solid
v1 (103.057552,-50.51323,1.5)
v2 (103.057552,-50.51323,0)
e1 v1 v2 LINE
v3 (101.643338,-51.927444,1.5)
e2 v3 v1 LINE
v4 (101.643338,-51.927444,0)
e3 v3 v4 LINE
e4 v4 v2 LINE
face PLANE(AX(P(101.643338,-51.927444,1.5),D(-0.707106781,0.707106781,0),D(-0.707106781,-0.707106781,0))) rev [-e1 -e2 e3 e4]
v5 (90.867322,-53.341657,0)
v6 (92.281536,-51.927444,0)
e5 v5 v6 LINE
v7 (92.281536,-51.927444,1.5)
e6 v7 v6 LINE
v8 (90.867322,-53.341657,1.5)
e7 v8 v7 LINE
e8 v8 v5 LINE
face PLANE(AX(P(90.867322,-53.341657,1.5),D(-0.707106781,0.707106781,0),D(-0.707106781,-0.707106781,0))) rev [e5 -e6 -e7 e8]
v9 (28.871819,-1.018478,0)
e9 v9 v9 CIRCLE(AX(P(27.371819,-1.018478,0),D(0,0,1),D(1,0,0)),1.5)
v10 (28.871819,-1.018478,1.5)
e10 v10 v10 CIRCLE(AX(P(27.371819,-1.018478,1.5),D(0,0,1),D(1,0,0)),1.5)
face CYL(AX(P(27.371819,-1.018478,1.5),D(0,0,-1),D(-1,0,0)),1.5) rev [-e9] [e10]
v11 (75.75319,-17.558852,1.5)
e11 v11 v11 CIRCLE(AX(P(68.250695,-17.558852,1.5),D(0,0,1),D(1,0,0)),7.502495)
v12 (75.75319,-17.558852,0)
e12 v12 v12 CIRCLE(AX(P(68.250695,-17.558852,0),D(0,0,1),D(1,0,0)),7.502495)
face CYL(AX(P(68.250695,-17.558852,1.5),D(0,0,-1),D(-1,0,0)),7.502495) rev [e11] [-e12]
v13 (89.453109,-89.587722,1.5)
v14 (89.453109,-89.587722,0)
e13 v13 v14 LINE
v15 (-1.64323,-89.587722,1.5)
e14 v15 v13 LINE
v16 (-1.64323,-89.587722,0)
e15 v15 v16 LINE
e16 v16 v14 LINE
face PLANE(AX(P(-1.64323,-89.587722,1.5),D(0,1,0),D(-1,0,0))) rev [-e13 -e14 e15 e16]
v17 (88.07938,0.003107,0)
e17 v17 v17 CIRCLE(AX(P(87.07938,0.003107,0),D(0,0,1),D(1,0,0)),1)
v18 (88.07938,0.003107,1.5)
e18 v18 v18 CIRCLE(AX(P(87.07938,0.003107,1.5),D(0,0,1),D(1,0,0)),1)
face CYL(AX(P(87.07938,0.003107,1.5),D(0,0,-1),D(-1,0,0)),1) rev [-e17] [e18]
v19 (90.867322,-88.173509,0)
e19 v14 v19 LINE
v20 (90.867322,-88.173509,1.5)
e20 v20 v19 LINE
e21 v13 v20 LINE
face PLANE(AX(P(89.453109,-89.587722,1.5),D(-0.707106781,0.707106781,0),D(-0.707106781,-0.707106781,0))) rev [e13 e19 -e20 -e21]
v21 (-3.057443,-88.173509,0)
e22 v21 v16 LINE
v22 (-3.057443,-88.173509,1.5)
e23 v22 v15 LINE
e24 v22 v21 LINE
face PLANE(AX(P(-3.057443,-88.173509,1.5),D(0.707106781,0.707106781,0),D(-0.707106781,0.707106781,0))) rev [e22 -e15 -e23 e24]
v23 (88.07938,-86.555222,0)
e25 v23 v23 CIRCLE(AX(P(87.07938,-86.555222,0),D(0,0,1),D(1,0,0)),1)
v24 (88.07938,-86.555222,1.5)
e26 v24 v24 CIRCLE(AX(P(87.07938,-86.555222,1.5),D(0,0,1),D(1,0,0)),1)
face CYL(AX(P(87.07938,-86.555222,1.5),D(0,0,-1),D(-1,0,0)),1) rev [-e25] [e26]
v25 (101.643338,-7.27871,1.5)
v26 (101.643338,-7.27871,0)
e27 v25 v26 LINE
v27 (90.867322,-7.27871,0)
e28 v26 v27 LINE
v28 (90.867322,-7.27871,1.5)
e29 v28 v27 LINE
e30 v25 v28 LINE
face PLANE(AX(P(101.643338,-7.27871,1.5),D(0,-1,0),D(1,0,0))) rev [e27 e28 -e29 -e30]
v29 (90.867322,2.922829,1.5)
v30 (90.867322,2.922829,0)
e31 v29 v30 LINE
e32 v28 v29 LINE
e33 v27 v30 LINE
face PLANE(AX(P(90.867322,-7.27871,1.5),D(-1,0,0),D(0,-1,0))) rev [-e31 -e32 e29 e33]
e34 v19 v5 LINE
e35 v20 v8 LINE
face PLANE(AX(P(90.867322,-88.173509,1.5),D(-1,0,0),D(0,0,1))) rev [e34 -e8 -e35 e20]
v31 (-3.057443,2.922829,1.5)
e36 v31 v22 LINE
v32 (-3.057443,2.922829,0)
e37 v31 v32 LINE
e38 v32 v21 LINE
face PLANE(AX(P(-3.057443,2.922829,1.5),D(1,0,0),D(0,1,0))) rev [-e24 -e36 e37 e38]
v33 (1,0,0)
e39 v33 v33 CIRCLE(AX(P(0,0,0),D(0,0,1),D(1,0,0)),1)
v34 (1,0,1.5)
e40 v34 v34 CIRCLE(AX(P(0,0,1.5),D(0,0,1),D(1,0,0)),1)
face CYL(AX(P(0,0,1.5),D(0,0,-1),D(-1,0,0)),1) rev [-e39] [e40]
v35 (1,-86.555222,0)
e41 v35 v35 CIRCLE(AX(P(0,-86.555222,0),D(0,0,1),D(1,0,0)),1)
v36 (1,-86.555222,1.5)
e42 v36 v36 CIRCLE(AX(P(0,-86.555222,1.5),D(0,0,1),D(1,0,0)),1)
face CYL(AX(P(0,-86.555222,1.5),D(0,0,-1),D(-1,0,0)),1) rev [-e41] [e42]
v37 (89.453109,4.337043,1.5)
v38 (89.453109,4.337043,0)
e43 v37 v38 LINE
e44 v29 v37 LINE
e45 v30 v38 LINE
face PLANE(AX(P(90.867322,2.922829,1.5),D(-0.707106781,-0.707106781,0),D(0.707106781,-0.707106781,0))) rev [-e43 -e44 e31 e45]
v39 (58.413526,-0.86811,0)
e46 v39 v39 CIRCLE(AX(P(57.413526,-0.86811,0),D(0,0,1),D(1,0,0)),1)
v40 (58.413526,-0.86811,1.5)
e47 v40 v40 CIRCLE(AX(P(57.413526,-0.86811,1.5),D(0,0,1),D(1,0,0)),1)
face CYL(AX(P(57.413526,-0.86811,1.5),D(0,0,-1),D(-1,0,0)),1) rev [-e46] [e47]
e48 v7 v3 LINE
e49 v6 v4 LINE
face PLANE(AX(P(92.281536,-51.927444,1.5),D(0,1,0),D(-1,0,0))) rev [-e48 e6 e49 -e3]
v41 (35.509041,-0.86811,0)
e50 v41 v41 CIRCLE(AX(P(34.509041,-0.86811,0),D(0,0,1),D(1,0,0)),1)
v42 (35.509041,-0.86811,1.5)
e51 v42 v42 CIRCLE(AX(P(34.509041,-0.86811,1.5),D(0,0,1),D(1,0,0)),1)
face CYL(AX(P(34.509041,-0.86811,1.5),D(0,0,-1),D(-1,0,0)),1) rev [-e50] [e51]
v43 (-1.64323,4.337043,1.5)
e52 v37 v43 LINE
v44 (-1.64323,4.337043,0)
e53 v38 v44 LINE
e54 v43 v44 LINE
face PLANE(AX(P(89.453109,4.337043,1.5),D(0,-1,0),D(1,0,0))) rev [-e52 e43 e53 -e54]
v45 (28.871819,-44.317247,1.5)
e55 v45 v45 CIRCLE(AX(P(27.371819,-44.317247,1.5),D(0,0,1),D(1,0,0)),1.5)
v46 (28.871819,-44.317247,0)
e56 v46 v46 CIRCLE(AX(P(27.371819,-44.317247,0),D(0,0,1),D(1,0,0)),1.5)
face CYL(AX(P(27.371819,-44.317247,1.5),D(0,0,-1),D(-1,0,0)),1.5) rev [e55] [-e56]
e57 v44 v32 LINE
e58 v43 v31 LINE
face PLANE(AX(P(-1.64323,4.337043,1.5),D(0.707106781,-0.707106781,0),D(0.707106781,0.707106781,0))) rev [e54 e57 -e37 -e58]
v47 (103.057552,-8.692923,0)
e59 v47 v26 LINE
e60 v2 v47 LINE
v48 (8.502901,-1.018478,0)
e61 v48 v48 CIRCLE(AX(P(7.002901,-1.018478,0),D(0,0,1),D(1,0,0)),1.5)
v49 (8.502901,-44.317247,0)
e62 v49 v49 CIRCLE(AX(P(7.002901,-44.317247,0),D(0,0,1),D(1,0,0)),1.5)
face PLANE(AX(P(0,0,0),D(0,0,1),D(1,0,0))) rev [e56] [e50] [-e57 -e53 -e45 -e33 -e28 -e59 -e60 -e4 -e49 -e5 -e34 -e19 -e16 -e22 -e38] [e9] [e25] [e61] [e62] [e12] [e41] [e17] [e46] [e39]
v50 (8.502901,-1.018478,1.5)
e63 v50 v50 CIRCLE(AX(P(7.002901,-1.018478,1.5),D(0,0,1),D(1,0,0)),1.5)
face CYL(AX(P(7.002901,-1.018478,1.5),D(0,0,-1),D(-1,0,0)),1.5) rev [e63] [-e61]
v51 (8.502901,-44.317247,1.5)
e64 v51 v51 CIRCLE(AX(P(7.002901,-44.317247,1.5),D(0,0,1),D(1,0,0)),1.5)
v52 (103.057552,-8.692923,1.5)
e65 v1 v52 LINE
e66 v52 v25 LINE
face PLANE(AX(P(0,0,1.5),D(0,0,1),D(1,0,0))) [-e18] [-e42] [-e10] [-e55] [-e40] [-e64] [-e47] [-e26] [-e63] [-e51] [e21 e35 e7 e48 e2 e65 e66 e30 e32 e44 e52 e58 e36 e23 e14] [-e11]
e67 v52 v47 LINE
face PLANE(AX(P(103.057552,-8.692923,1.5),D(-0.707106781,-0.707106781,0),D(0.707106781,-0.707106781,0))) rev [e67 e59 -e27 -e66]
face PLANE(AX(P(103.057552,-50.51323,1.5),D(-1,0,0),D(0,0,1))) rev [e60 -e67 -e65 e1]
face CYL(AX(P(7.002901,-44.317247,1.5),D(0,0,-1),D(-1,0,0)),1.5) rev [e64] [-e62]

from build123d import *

# Parameters (mm, degrees)
SKETCH1_R           = 1.5
SKETCH1_R_2         = 1
SKETCH1_R_3         = 7.502494881
BOSS_EXTRUDE2_DEPTH = 1.5


with BuildPart() as part:
    # Sketch1 → Boss-Extrude2 (new body)
    with BuildSketch(Plane.XY):
        Polygon((89.453108516, 4.337043032), (-1.643229796, 4.337043032), (-3.057443358, 2.92282947), (-3.057443358, -88.173508842), (-1.643229796, -89.587722405), (89.453108516, -89.587722405), (90.867322078, -88.173508842), (90.867322078, -53.341657496), (92.281535641, -51.927443934), (101.643338186, -51.927443934), (103.057551748, -50.513230371), (103.057551748, -8.692923399), (101.643338186, -7.278709837), (90.867322078, -7.278709837), (90.867322078, 2.92282947), align=None)
        with Locations((7.002900718, -1.018478259)):
            Circle(SKETCH1_R, mode=Mode.SUBTRACT)
        with Locations((27.371818874, -1.018478259)):
            Circle(SKETCH1_R, mode=Mode.SUBTRACT)
        with Locations((34.50904124, -0.868109843)):
            Circle(SKETCH1_R_2, mode=Mode.SUBTRACT)
        with Locations((57.413525643, -0.868109843)):
            Circle(SKETCH1_R_2, mode=Mode.SUBTRACT)
        with Locations((87.07937983, 0.003106997)):
            Circle(SKETCH1_R_2, mode=Mode.SUBTRACT)
        with Locations((68.250695172, -17.55885203)):
            Circle(SKETCH1_R_3, mode=Mode.SUBTRACT)
        with Locations((7.002900718, -44.317247133)):
            Circle(SKETCH1_R, mode=Mode.SUBTRACT)
        with Locations((27.371818874, -44.317247133)):
            Circle(SKETCH1_R, mode=Mode.SUBTRACT)
        with Locations((0, -86.555222321)):
            Circle(SKETCH1_R_2, mode=Mode.SUBTRACT)
        with Locations((87.07937983, -86.555222321)):
            Circle(SKETCH1_R_2, mode=Mode.SUBTRACT)
        Circle(SKETCH1_R_2, mode=Mode.SUBTRACT)
    extrude(amount=BOSS_EXTRUDE2_DEPTH)


solid = part.part
